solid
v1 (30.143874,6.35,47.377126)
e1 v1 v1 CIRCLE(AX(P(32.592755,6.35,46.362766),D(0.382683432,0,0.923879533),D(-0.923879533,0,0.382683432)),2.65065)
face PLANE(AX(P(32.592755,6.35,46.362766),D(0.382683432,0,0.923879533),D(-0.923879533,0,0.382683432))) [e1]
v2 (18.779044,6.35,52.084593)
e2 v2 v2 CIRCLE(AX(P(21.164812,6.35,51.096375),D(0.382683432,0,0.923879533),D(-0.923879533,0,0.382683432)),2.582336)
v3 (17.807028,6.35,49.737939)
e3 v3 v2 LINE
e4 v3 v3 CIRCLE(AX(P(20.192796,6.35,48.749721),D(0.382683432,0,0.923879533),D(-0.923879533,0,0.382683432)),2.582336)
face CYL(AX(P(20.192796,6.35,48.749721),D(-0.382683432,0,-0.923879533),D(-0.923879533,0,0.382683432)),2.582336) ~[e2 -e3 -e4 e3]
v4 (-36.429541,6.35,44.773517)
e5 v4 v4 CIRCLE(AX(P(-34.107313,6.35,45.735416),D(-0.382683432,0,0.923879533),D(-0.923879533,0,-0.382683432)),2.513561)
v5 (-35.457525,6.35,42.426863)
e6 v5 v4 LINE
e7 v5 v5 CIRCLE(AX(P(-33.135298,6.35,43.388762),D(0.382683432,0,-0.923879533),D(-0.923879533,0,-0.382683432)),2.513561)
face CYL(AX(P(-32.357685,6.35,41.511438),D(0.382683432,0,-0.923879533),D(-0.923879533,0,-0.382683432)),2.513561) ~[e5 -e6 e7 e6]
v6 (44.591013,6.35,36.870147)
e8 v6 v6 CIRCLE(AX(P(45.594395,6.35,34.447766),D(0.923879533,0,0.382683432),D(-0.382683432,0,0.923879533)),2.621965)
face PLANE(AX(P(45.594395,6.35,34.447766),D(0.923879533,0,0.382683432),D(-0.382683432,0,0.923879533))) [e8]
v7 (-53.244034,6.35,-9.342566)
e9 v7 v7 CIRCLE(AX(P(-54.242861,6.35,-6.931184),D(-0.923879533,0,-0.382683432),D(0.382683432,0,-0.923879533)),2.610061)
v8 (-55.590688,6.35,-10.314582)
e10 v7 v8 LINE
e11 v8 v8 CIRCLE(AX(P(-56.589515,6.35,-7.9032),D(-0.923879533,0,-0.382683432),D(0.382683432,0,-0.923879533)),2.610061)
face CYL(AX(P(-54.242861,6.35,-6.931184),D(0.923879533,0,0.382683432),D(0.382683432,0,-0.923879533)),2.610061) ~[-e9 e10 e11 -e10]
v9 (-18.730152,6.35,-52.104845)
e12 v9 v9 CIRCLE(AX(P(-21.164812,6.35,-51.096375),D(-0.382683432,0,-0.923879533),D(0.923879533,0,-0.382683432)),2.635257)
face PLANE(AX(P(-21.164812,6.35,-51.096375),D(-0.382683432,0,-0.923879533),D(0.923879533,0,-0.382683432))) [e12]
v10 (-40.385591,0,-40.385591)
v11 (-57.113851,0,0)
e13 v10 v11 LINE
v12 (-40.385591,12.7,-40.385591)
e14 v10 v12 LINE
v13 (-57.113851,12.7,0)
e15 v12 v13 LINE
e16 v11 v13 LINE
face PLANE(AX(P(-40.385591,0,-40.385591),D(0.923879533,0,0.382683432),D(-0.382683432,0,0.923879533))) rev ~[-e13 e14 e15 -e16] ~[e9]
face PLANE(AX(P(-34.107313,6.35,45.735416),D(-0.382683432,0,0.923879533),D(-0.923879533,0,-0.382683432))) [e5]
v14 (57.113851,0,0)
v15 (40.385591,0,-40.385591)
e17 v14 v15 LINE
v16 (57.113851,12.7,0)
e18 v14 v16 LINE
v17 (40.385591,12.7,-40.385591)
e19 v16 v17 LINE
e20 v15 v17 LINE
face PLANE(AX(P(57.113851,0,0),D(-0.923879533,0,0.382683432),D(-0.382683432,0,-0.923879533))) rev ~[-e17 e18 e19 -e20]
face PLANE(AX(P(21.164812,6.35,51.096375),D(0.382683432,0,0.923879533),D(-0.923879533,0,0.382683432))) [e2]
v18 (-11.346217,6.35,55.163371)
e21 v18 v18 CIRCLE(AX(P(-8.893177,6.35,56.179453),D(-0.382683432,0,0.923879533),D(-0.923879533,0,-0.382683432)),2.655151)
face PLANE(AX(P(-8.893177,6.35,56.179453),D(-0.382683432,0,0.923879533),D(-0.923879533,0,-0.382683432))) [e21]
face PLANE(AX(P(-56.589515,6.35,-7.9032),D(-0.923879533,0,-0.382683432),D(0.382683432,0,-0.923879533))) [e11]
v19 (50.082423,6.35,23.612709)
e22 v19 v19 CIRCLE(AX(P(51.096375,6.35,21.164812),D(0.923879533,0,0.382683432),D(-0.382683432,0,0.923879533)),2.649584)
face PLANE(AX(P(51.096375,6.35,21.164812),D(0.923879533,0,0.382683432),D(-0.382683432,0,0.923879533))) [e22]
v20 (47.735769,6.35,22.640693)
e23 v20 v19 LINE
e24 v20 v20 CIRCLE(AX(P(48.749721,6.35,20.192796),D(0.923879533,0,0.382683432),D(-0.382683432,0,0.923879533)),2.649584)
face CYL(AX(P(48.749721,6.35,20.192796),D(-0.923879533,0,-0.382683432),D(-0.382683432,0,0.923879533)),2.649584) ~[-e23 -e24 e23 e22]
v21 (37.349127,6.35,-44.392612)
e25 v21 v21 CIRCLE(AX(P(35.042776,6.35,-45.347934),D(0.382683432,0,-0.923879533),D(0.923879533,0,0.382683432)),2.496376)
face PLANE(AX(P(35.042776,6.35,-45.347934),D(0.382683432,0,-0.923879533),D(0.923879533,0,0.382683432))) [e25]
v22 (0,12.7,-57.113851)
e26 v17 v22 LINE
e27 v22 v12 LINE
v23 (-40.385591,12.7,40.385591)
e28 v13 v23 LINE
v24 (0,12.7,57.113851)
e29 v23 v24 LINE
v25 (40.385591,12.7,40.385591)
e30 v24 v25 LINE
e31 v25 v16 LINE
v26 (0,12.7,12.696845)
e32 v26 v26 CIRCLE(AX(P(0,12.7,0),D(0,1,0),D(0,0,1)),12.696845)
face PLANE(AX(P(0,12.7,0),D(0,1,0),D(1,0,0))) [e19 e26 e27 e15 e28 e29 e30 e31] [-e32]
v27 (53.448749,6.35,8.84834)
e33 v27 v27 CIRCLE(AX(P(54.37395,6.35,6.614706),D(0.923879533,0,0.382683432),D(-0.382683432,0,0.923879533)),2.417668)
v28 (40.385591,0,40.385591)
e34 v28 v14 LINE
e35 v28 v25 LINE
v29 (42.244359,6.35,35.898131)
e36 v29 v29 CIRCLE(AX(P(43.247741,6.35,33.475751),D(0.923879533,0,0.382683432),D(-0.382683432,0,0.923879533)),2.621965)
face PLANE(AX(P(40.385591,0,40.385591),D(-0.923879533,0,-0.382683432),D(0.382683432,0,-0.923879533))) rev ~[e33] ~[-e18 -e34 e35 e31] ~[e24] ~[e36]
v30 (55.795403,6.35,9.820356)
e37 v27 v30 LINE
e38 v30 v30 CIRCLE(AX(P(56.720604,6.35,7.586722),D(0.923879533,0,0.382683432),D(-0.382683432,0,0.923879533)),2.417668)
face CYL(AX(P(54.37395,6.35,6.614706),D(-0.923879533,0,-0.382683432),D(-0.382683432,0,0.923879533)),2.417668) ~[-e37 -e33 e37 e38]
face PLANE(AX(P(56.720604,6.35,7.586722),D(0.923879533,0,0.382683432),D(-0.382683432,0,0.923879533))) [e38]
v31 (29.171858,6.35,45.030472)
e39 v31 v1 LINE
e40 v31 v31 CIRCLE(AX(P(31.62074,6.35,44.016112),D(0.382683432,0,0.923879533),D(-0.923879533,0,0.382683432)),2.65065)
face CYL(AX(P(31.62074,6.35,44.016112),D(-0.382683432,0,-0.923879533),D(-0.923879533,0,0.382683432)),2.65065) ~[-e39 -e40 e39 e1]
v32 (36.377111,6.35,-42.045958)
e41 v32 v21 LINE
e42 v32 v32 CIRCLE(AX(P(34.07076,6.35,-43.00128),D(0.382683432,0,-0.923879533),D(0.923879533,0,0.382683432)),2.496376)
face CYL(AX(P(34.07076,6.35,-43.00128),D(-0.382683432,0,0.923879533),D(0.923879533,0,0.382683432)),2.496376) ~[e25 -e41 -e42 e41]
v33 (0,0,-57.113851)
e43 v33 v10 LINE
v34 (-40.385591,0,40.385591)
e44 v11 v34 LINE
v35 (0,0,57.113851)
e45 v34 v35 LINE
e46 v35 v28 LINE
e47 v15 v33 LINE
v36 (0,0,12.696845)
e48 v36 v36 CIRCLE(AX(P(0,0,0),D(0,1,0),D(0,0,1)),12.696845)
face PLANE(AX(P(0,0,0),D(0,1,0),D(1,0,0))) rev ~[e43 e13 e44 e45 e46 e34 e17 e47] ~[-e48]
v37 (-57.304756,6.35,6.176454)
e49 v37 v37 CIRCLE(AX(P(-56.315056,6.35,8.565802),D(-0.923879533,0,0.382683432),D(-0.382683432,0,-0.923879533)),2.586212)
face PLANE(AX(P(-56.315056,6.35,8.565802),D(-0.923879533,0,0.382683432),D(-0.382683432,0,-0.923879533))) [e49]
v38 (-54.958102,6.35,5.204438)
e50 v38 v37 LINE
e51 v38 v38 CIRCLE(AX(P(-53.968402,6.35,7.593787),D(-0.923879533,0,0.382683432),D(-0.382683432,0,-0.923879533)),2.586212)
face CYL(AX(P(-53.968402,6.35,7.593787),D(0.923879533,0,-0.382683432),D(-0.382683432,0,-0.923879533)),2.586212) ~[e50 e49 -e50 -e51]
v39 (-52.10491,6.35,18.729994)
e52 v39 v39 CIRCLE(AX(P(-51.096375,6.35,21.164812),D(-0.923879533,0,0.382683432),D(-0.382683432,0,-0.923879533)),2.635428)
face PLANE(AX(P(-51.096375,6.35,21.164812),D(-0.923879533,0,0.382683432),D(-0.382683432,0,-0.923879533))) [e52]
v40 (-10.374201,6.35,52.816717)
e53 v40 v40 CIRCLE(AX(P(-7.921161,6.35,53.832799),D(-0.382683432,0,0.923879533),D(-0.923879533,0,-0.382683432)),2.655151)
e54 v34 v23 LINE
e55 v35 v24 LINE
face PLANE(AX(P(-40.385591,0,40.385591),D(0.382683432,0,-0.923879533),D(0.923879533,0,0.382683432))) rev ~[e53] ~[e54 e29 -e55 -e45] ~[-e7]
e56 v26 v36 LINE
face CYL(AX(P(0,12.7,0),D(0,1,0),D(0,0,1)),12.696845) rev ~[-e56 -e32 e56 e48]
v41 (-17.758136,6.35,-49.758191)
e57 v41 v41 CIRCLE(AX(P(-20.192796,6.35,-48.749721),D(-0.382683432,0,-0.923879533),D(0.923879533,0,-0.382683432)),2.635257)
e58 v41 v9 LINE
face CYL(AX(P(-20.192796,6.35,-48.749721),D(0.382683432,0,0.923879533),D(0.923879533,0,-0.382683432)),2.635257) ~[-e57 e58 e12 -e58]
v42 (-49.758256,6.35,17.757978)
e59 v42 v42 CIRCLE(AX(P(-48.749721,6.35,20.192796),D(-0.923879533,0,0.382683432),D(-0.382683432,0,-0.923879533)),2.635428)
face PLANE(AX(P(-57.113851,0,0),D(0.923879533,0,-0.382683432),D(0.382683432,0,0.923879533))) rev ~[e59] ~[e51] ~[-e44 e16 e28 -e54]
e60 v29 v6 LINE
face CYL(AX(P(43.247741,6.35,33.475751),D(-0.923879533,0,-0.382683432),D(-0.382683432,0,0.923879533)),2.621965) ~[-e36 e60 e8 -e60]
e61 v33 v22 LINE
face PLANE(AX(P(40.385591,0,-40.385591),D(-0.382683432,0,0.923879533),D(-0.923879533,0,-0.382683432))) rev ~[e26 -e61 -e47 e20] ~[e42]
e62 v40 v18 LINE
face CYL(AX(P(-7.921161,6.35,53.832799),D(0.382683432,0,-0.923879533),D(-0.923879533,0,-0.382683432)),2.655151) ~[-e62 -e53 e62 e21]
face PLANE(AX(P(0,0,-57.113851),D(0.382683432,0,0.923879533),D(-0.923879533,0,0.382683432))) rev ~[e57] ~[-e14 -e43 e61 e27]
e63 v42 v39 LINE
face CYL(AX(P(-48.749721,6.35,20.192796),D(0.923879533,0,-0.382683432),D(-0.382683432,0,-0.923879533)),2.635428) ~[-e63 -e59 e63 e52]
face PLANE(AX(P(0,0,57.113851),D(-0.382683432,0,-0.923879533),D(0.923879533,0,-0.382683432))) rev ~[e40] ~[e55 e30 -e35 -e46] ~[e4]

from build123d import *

# Parameters (mm, degrees)
BOSS_EXTRUDE1_DEPTH      = 12.7
SKETCH6_R                = 2.582336278
BOSS_EXTRUDE5_DEPTH      = 2.54
SKETCH8_R                = 2.650649738
BOSS_EXTRUDE7_DEPTH      = 2.54
SKETCH9_R                = 2.655151376
BOSS_EXTRUDE8_DEPTH      = 2.54
BOSS_EXTRUDE9_DEPTH      = 2.54
BOSS_EXTRUDE9_DEPTH_BACK = 2.032
SKETCH10_R               = 2.513561162
SKETCH11_R               = 2.58621177
BOSS_EXTRUDE10_DEPTH     = 2.54
SKETCH12_R               = 2.635427952
BOSS_EXTRUDE11_DEPTH     = 2.54
SKETCH13_R               = 2.610060734
BOSS_EXTRUDE12_DEPTH     = 2.54
SKETCH14_R               = 2.635257061
BOSS_EXTRUDE13_DEPTH     = 2.54
SKETCH15_R               = 2.496375984
BOSS_EXTRUDE14_DEPTH     = 2.54
SKETCH16_R               = 2.621965254
BOSS_EXTRUDE15_DEPTH     = 2.54
SKETCH17_R               = 2.649584499
BOSS_EXTRUDE16_DEPTH     = 2.54
SKETCH18_R               = 2.417668351
BOSS_EXTRUDE17_DEPTH     = 2.54
SKETCH25_R               = 12.696845274
CUT_EXTRUDE1_DEPTH       = 12.954


with BuildPart() as part:
    # Sketch2 → Boss-Extrude1 (new body)
    with BuildSketch(Plane(origin=(0, 0, 0), x_dir=(1, 0, 0), z_dir=(0, 1, 0))):
        Polygon((57.113851186, 0), (40.385591473, 40.385591473), (0, 57.113851186), (-40.385591473, 40.385591473), (-57.113851186, 0), (-40.385591473, -40.385591473), (0, -57.113851186), (40.385591473, -40.385591473), align=None)
    extrude(amount=BOSS_EXTRUDE1_DEPTH)

    # Sketch6 → Boss-Extrude5 (add)
    with BuildSketch(Plane(origin=(20.192795737, 0, 48.749721329), x_dir=(0.9238795325112822, 0, -0.38268343236510083), z_dir=(0.38268343236510083, 0, 0.9238795325112822))):
        with Locations(Location((0, 6.35, 0), (0, 0, 180))):
            Circle(SKETCH6_R)
    extrude(amount=BOSS_EXTRUDE5_DEPTH)

    # Sketch8 → Boss-Extrude7 (add)
    with BuildSketch(Plane(origin=(20.192795737, 0, 48.749721329), x_dir=(0.9238795325112822, 0, -0.38268343236510083), z_dir=(0.38268343236510083, 0, 0.9238795325112822))):
        with Locations(Location((12.369517224, 6.35, 0), (0, 0, 180))):
            Circle(SKETCH8_R)
    extrude(amount=BOSS_EXTRUDE7_DEPTH)

    # Sketch9 → Boss-Extrude8 (add)
    with BuildSketch(Plane(origin=(-20.192795737, 0, 48.749721329), x_dir=(0.9238795325112911, 0, 0.38268343236507935), z_dir=(-0.38268343236507935, 0, 0.9238795325112911))):
        with Locations(Location((13.282722146, 6.35, 0), (0, 0, 180))):
            Circle(SKETCH9_R)
    extrude(amount=BOSS_EXTRUDE8_DEPTH)

    # Sketch10 → Boss-Extrude9 (add, two sides: drawn at the far end of the back side and taken through both)
    with BuildSketch(Plane(origin=(-20.192795737, 0, 48.749721329), x_dir=(0.9238795325112911, 0, 0.38268343236507935), z_dir=(-0.38268343236507935, 0, 0.9238795325112911)).offset(-BOSS_EXTRUDE9_DEPTH_BACK)):
        with Locations(Location((-14.008863044, 6.35, 0), (0, 0, 180))):
            Circle(SKETCH10_R)
    extrude(amount=BOSS_EXTRUDE9_DEPTH + BOSS_EXTRUDE9_DEPTH_BACK)

    # Sketch11 → Boss-Extrude10 (add)
    with BuildSketch(Plane(origin=(-48.749721329, 0, 20.192795737), x_dir=(0.3826834323651003, 0, 0.9238795325112825), z_dir=(-0.9238795325112825, 0, 0.3826834323651003))):
        with Locations(Location((-13.637069306, 6.35, 0), (0, 0, 180))):
            Circle(SKETCH11_R)
    extrude(amount=BOSS_EXTRUDE10_DEPTH)

    # Sketch12 → Boss-Extrude11 (add)
    with BuildSketch(Plane(origin=(-48.749721329, 0, 20.192795737), x_dir=(0.3826834323651003, 0, 0.9238795325112825), z_dir=(-0.9238795325112825, 0, 0.3826834323651003))):
        with Locations(Location((0, 6.35, 0), (0, 0, 180))):
            Circle(SKETCH12_R)
    extrude(amount=BOSS_EXTRUDE11_DEPTH)

    # Sketch13 → Boss-Extrude12 (add)
    with BuildSketch(Plane(origin=(-48.749721329, 0, -20.192795737), x_dir=(-0.38268343236507907, 0, 0.9238795325112913), z_dir=(-0.9238795325112913, 0, -0.38268343236507907))):
        with Locations(Location((14.354264816, 6.35, 0), (0, 0, 180))):
            Circle(SKETCH13_R)
    extrude(amount=BOSS_EXTRUDE12_DEPTH)

    # Sketch14 → Boss-Extrude13 (add)
    with BuildSketch(Plane(origin=(-20.192795737, 0, -48.749721329), x_dir=(-0.9238795325112825, 0, 0.3826834323651002), z_dir=(-0.3826834323651002, 0, -0.9238795325112825))):
        with Locations(Location((0, 6.35, 0), (0, 0, 180))):
            Circle(SKETCH14_R)
    extrude(amount=BOSS_EXTRUDE13_DEPTH)

    # Sketch15 → Boss-Extrude14 (add)
    with BuildSketch(Plane(origin=(20.192795737, 0, -48.749721329), x_dir=(-0.9238795325112913, 0, -0.38268343236507896), z_dir=(0.3826834323650789, 0, -0.9238795325112912))):
        with Locations(Location((-15.021400656, 6.35, 0), (0, 0, 180))):
            Circle(SKETCH15_R)
    extrude(amount=BOSS_EXTRUDE14_DEPTH)

    # Sketch16 → Boss-Extrude15 (add)
    with BuildSketch(Plane(origin=(48.749721329, 0, 20.192795737), x_dir=(0.3826834323650791, 0, -0.9238795325112912), z_dir=(0.9238795325112913, 0, 0.3826834323650792))):
        with Locations(Location((-14.377366693, 6.35, 0), (0, 0, 180))):
            Circle(SKETCH16_R)
    extrude(amount=BOSS_EXTRUDE15_DEPTH)

    # Sketch17 → Boss-Extrude16 (add)
    with BuildSketch(Plane(origin=(48.749721329, 0, 20.192795737), x_dir=(0.3826834323650791, 0, -0.9238795325112912), z_dir=(0.9238795325112913, 0, 0.3826834323650792))):
        with Locations(Location((0, 6.35, 0), (0, 0, 180))):
            Circle(SKETCH17_R)
    extrude(amount=BOSS_EXTRUDE16_DEPTH)

    # Sketch18 → Boss-Extrude17 (add)
    with BuildSketch(Plane(origin=(48.749721329, 0, 20.192795737), x_dir=(0.3826834323650791, 0, -0.9238795325112912), z_dir=(0.9238795325112913, 0, 0.3826834323650792))):
        with Locations(Location((14.696818613, 6.35, 0), (0, 0, 180))):
            Circle(SKETCH18_R)
    extrude(amount=BOSS_EXTRUDE17_DEPTH)

    # Sketch25 → Cut-Extrude1 (cut)
    with BuildSketch(Plane(origin=(0, 12.7, 0), x_dir=(1, 0, 0), z_dir=(0, 1, 0))):
        with Locations(Location((0, 0, 0), (0, 0, 270))):
            Circle(SKETCH25_R)
    extrude(amount=-CUT_EXTRUDE1_DEPTH, mode=Mode.SUBTRACT)


solid = part.part
